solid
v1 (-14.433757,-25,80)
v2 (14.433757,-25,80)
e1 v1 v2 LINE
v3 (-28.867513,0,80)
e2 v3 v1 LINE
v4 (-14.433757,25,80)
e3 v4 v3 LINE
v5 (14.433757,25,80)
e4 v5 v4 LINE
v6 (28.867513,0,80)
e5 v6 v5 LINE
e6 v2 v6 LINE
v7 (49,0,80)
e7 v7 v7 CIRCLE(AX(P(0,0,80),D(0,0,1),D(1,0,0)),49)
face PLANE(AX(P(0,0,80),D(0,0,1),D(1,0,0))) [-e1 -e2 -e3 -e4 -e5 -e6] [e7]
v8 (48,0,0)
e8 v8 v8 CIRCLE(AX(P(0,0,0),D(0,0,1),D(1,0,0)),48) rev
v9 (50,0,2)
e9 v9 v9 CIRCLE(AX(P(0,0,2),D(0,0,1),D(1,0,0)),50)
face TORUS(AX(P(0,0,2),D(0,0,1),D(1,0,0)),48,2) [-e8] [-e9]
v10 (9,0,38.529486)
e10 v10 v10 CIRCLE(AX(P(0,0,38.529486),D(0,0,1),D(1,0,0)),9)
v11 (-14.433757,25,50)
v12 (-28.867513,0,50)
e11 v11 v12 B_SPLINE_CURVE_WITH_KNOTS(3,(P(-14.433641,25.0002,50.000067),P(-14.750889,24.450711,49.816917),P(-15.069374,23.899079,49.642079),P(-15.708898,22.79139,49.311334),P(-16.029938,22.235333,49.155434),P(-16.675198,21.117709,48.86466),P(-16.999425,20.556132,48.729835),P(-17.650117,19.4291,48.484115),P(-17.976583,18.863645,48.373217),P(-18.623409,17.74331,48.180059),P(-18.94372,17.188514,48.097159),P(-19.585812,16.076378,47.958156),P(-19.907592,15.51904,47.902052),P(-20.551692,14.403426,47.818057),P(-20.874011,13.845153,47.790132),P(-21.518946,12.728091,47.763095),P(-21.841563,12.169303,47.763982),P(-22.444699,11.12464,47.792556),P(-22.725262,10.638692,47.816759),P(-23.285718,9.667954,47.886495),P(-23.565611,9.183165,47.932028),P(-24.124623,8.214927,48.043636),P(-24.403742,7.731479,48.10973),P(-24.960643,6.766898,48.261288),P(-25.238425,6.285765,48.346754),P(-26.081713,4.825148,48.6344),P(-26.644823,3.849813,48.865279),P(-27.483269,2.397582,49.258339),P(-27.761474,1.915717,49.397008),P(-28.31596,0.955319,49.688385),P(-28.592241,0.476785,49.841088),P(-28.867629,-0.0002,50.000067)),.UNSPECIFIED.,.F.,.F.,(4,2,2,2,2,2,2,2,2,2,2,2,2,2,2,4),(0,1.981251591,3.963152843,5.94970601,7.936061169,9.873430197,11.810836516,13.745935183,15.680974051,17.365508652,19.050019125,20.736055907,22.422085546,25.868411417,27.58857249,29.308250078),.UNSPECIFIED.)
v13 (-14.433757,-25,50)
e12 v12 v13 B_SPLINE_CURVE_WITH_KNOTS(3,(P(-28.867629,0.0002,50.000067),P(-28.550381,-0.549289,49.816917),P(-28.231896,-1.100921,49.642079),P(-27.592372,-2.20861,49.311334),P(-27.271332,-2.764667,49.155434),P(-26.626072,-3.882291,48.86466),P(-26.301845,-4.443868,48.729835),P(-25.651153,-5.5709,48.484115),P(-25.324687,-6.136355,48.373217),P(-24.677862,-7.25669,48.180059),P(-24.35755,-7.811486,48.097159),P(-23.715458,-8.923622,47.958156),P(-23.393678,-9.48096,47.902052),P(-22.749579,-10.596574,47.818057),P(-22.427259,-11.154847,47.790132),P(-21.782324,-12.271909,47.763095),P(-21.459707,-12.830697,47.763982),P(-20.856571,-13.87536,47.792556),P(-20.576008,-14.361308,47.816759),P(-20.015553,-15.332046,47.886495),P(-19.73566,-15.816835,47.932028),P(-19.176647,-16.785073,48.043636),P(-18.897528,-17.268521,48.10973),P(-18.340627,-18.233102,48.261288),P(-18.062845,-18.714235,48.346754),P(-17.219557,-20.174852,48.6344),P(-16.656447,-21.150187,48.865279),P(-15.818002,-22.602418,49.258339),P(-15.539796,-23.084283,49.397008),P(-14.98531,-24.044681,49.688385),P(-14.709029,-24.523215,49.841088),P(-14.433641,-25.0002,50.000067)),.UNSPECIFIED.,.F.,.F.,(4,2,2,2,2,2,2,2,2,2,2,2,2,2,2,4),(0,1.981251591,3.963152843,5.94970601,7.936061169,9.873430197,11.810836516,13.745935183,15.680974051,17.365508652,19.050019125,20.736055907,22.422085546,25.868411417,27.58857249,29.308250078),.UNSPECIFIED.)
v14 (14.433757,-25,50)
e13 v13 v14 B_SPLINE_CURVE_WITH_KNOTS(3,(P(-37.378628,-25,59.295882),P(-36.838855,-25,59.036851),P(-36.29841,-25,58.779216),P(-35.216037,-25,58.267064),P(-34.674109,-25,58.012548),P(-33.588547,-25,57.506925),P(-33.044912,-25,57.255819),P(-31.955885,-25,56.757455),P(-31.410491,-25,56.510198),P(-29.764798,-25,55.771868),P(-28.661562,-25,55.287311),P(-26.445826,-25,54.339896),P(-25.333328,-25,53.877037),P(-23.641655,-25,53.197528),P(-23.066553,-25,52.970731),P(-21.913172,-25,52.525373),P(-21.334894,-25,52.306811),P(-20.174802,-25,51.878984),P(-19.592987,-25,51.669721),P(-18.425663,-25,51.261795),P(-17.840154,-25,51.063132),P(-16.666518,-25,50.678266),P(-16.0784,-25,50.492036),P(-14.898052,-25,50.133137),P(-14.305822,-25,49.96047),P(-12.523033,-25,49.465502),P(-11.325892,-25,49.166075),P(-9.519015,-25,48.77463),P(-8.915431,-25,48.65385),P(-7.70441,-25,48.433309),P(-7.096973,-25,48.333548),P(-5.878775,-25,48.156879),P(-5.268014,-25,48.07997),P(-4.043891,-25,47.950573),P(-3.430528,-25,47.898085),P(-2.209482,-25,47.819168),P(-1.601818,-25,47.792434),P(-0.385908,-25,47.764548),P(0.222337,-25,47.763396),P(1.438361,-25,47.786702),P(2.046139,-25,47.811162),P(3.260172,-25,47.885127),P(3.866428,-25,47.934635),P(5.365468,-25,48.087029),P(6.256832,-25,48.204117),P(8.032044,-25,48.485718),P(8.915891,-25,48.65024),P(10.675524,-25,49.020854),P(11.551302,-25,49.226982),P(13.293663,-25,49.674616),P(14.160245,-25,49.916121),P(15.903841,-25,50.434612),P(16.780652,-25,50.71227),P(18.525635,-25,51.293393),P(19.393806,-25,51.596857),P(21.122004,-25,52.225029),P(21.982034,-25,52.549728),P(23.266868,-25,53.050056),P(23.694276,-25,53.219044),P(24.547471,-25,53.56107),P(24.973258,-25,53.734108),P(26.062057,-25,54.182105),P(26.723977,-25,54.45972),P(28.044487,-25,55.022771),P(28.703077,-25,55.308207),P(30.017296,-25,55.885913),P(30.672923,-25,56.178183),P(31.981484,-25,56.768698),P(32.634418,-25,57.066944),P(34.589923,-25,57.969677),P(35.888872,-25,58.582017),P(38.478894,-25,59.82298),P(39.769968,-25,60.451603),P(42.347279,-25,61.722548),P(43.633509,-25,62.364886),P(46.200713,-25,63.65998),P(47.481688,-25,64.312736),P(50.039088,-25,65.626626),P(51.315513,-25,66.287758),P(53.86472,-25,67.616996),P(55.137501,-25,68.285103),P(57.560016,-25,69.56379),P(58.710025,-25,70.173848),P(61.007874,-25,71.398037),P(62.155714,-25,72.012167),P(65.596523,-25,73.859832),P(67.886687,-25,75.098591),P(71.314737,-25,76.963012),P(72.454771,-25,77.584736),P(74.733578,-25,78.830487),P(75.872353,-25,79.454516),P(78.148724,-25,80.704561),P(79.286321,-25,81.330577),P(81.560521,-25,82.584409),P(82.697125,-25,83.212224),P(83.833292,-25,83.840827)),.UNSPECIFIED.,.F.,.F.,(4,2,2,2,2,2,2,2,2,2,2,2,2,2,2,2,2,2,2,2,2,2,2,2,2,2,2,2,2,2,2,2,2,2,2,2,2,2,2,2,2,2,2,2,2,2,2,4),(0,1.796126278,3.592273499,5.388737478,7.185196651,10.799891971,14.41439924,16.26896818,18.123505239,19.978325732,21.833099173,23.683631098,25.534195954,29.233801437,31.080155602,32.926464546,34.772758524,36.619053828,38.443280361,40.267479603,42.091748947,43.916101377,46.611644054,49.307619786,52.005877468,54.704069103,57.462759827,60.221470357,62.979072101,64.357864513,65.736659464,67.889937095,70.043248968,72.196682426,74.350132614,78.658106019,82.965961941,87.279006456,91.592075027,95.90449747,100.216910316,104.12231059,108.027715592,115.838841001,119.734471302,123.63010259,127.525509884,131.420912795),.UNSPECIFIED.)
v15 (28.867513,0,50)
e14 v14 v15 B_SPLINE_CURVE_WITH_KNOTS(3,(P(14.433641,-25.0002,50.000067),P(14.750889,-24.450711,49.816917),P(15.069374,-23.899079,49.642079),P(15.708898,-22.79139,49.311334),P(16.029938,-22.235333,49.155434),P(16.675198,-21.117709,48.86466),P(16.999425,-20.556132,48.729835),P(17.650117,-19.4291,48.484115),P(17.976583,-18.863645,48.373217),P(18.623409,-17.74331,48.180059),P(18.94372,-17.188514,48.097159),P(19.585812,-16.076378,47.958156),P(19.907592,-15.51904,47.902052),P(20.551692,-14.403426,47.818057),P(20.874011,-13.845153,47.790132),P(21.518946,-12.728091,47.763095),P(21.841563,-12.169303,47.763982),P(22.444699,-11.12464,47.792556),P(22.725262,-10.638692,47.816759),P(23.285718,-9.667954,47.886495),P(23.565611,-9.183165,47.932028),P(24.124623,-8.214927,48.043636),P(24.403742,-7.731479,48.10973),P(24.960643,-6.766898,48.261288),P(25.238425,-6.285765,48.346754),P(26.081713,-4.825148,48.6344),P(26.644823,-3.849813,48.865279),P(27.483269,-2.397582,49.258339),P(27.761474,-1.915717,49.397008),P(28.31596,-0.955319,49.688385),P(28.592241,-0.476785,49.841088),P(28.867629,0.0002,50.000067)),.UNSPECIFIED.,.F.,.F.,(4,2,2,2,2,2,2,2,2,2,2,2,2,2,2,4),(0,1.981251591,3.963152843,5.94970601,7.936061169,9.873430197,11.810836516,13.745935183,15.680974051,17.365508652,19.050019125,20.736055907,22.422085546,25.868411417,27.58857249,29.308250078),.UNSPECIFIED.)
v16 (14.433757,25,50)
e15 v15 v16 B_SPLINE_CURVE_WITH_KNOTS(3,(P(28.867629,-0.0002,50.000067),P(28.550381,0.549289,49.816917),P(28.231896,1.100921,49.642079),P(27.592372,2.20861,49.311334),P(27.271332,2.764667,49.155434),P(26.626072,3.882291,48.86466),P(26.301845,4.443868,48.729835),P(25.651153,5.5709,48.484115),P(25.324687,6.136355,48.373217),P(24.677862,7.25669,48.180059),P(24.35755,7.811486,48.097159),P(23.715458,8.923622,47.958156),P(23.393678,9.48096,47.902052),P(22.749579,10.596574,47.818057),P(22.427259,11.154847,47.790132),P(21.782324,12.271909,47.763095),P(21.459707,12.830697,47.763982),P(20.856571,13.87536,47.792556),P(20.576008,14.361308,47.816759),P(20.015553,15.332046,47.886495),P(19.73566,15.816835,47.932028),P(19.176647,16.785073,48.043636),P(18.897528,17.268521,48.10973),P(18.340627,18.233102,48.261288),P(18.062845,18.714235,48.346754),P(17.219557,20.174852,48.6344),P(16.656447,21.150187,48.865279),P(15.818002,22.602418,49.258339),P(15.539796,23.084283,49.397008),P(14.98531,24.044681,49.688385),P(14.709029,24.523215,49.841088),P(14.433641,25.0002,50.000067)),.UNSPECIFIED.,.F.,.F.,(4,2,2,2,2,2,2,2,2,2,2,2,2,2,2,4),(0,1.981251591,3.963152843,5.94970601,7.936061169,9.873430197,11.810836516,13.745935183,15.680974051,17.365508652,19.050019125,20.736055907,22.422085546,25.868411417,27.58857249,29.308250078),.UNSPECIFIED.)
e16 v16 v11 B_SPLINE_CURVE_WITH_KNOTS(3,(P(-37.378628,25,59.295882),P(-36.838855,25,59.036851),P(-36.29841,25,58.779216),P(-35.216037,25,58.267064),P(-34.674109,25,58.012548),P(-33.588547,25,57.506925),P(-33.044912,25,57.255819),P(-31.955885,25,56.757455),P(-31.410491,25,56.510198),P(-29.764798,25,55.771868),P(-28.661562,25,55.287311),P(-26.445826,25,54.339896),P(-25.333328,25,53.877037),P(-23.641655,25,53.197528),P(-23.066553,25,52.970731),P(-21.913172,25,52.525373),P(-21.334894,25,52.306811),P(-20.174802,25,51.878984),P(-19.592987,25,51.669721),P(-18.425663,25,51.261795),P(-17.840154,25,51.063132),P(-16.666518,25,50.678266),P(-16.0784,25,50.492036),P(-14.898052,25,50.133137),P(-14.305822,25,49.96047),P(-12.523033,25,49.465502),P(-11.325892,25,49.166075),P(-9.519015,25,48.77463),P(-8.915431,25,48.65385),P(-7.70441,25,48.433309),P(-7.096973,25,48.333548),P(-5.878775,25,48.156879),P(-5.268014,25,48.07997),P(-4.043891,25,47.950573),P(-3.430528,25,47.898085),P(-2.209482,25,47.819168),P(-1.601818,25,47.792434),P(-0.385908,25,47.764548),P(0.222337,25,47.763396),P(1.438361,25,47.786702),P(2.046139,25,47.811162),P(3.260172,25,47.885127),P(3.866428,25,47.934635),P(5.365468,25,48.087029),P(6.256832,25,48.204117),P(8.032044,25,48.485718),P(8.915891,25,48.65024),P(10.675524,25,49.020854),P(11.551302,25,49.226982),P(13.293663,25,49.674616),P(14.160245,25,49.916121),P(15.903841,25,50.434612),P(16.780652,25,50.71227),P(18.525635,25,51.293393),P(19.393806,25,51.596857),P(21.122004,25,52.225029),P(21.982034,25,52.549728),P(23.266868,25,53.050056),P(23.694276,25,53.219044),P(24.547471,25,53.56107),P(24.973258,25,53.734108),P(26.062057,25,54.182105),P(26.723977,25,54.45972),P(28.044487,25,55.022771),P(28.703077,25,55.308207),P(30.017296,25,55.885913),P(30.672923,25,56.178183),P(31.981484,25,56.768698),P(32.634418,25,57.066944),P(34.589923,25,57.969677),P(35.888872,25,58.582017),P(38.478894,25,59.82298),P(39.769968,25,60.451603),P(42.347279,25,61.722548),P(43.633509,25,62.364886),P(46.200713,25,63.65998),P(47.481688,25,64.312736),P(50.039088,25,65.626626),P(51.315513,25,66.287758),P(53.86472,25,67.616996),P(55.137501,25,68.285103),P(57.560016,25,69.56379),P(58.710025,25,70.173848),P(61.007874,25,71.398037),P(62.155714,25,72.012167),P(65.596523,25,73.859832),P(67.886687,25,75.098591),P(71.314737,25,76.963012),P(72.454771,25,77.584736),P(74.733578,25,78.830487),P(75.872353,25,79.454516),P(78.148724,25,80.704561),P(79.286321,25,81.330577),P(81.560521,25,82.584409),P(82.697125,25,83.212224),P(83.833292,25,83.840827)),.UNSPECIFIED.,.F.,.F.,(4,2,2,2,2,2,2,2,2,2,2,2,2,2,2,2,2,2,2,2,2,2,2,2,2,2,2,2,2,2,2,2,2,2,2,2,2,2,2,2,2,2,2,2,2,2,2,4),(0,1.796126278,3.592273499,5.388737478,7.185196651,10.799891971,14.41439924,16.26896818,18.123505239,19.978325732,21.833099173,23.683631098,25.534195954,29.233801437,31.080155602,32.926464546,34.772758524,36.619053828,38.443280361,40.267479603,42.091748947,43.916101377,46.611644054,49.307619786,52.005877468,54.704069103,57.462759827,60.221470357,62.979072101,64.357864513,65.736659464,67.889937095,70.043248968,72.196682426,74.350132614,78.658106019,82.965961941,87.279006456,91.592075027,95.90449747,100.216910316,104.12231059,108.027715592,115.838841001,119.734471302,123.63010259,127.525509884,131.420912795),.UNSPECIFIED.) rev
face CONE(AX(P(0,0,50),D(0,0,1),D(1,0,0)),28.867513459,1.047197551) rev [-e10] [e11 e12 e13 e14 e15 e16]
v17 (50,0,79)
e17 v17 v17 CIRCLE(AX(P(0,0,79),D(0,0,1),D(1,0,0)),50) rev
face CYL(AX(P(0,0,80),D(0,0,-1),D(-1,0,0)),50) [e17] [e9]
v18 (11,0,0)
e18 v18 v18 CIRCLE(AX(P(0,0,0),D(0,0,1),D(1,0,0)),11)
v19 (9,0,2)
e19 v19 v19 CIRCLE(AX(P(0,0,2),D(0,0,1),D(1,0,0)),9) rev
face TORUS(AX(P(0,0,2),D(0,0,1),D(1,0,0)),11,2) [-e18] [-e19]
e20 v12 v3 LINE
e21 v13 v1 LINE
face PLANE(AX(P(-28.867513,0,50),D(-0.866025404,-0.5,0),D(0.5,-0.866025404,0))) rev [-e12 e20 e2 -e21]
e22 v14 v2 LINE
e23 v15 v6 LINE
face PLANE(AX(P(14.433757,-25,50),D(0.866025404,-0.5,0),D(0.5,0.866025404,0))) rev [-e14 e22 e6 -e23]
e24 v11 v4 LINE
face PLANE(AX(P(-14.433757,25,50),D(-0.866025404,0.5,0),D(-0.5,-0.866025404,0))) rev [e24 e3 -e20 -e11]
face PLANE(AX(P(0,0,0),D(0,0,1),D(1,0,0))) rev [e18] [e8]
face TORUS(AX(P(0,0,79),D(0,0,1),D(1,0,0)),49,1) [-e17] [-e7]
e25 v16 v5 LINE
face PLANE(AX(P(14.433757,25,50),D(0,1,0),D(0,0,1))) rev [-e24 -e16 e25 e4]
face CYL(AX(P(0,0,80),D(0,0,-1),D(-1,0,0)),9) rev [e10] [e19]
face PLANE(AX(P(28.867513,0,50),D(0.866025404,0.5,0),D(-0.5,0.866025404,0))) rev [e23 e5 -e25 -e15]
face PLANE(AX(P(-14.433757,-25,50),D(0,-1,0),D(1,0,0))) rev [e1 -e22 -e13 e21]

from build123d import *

# Parameters (mm, degrees)
SKIZZE1_R                       = 50
SKIZZE1_R_2                     = 9
AUFSATZ_LINEAR_AUSTRAGEN1_DEPTH = 80
VERRUNDUNG1_R                   = 2
VERRUNDUNG2_R                   = 1
AUFSATZ_LINEAR_AUSTRAGEN2_DEPTH = 30
SKIZZE12_OUTSIDE_W              = 134.496
SKIZZE12_OUTSIDE_H              = 134.496
SCHNITT_LINEAR_AUSTRAGEN3_DEPTH = 81


with BuildPart() as part:
    # Skizze1 → Aufsatz-Linear austragen1 (new body)
    with BuildSketch(Plane.XY):
        Circle(SKIZZE1_R)
        Circle(SKIZZE1_R_2, mode=Mode.SUBTRACT)
    extrude(amount=AUFSATZ_LINEAR_AUSTRAGEN1_DEPTH)

    # Verrundung1
    verrundung1_edges = [part.edges().sort_by_distance(p)[0] for p in [
        (-50, 0, 0),
        (-9, 0, 0),
    ]]
    fillet(verrundung1_edges, radius=VERRUNDUNG1_R)

    # Verrundung2
    verrundung2_edges = [part.edges().sort_by_distance(p)[0] for p in [
        (-50, 0, 80),
    ]]
    fillet(verrundung2_edges, radius=VERRUNDUNG2_R)


with BuildPart() as body_2:
    # Skizze2 → Aufsatz-Linear austragen2 (new body)
    with BuildSketch(Plane.XY.offset(80)):
        Polygon((28.867513459, 0), (14.43375673, 25), (-14.43375673, 25), (-28.867513459, 0), (-14.43375673, -25), (14.43375673, -25), align=None)
    extrude(amount=-AUFSATZ_LINEAR_AUSTRAGEN2_DEPTH)

    # Skizze10 → Rotation1 (revolve)
    with BuildSketch(Plane(origin=(-14.43375673, 0, 0), x_dir=(0, 0, 1), z_dir=(0, -1, 0)), mode=Mode.PRIVATE) as rotation1_sk:
        Polygon((50, 14.43375673), (33.333333333, -14.43375673), (50, -14.43375673), align=None)
    revolve(rotation1_sk.sketch.rotate(Axis((0, 0, 33.333333333), (0, 0, 1)), 180), axis=Axis((0, 0, 33.333333333), (0, 0, 1)))  # turned: the seam where the file's is

    # Skizze12 outside → Schnitt-Linear austragen3 (cut, through all)
    with BuildSketch(Plane.XY.offset(80)):
        Rectangle(SKIZZE12_OUTSIDE_W, SKIZZE12_OUTSIDE_H)
        Polygon((14.43375673, -25), (28.867513459, 0), (14.43375673, 25), (-14.43375673, 25), (-28.867513459, 0), (-14.43375673, -25), align=None, mode=Mode.SUBTRACT)
    extrude(amount=-SCHNITT_LINEAR_AUSTRAGEN3_DEPTH, mode=Mode.SUBTRACT)


with BuildPart() as part_1:
    add(part.part)

    # Kombinieren1: cut body 2
    add(body_2.part, mode=Mode.SUBTRACT)


solid = part_1.part
